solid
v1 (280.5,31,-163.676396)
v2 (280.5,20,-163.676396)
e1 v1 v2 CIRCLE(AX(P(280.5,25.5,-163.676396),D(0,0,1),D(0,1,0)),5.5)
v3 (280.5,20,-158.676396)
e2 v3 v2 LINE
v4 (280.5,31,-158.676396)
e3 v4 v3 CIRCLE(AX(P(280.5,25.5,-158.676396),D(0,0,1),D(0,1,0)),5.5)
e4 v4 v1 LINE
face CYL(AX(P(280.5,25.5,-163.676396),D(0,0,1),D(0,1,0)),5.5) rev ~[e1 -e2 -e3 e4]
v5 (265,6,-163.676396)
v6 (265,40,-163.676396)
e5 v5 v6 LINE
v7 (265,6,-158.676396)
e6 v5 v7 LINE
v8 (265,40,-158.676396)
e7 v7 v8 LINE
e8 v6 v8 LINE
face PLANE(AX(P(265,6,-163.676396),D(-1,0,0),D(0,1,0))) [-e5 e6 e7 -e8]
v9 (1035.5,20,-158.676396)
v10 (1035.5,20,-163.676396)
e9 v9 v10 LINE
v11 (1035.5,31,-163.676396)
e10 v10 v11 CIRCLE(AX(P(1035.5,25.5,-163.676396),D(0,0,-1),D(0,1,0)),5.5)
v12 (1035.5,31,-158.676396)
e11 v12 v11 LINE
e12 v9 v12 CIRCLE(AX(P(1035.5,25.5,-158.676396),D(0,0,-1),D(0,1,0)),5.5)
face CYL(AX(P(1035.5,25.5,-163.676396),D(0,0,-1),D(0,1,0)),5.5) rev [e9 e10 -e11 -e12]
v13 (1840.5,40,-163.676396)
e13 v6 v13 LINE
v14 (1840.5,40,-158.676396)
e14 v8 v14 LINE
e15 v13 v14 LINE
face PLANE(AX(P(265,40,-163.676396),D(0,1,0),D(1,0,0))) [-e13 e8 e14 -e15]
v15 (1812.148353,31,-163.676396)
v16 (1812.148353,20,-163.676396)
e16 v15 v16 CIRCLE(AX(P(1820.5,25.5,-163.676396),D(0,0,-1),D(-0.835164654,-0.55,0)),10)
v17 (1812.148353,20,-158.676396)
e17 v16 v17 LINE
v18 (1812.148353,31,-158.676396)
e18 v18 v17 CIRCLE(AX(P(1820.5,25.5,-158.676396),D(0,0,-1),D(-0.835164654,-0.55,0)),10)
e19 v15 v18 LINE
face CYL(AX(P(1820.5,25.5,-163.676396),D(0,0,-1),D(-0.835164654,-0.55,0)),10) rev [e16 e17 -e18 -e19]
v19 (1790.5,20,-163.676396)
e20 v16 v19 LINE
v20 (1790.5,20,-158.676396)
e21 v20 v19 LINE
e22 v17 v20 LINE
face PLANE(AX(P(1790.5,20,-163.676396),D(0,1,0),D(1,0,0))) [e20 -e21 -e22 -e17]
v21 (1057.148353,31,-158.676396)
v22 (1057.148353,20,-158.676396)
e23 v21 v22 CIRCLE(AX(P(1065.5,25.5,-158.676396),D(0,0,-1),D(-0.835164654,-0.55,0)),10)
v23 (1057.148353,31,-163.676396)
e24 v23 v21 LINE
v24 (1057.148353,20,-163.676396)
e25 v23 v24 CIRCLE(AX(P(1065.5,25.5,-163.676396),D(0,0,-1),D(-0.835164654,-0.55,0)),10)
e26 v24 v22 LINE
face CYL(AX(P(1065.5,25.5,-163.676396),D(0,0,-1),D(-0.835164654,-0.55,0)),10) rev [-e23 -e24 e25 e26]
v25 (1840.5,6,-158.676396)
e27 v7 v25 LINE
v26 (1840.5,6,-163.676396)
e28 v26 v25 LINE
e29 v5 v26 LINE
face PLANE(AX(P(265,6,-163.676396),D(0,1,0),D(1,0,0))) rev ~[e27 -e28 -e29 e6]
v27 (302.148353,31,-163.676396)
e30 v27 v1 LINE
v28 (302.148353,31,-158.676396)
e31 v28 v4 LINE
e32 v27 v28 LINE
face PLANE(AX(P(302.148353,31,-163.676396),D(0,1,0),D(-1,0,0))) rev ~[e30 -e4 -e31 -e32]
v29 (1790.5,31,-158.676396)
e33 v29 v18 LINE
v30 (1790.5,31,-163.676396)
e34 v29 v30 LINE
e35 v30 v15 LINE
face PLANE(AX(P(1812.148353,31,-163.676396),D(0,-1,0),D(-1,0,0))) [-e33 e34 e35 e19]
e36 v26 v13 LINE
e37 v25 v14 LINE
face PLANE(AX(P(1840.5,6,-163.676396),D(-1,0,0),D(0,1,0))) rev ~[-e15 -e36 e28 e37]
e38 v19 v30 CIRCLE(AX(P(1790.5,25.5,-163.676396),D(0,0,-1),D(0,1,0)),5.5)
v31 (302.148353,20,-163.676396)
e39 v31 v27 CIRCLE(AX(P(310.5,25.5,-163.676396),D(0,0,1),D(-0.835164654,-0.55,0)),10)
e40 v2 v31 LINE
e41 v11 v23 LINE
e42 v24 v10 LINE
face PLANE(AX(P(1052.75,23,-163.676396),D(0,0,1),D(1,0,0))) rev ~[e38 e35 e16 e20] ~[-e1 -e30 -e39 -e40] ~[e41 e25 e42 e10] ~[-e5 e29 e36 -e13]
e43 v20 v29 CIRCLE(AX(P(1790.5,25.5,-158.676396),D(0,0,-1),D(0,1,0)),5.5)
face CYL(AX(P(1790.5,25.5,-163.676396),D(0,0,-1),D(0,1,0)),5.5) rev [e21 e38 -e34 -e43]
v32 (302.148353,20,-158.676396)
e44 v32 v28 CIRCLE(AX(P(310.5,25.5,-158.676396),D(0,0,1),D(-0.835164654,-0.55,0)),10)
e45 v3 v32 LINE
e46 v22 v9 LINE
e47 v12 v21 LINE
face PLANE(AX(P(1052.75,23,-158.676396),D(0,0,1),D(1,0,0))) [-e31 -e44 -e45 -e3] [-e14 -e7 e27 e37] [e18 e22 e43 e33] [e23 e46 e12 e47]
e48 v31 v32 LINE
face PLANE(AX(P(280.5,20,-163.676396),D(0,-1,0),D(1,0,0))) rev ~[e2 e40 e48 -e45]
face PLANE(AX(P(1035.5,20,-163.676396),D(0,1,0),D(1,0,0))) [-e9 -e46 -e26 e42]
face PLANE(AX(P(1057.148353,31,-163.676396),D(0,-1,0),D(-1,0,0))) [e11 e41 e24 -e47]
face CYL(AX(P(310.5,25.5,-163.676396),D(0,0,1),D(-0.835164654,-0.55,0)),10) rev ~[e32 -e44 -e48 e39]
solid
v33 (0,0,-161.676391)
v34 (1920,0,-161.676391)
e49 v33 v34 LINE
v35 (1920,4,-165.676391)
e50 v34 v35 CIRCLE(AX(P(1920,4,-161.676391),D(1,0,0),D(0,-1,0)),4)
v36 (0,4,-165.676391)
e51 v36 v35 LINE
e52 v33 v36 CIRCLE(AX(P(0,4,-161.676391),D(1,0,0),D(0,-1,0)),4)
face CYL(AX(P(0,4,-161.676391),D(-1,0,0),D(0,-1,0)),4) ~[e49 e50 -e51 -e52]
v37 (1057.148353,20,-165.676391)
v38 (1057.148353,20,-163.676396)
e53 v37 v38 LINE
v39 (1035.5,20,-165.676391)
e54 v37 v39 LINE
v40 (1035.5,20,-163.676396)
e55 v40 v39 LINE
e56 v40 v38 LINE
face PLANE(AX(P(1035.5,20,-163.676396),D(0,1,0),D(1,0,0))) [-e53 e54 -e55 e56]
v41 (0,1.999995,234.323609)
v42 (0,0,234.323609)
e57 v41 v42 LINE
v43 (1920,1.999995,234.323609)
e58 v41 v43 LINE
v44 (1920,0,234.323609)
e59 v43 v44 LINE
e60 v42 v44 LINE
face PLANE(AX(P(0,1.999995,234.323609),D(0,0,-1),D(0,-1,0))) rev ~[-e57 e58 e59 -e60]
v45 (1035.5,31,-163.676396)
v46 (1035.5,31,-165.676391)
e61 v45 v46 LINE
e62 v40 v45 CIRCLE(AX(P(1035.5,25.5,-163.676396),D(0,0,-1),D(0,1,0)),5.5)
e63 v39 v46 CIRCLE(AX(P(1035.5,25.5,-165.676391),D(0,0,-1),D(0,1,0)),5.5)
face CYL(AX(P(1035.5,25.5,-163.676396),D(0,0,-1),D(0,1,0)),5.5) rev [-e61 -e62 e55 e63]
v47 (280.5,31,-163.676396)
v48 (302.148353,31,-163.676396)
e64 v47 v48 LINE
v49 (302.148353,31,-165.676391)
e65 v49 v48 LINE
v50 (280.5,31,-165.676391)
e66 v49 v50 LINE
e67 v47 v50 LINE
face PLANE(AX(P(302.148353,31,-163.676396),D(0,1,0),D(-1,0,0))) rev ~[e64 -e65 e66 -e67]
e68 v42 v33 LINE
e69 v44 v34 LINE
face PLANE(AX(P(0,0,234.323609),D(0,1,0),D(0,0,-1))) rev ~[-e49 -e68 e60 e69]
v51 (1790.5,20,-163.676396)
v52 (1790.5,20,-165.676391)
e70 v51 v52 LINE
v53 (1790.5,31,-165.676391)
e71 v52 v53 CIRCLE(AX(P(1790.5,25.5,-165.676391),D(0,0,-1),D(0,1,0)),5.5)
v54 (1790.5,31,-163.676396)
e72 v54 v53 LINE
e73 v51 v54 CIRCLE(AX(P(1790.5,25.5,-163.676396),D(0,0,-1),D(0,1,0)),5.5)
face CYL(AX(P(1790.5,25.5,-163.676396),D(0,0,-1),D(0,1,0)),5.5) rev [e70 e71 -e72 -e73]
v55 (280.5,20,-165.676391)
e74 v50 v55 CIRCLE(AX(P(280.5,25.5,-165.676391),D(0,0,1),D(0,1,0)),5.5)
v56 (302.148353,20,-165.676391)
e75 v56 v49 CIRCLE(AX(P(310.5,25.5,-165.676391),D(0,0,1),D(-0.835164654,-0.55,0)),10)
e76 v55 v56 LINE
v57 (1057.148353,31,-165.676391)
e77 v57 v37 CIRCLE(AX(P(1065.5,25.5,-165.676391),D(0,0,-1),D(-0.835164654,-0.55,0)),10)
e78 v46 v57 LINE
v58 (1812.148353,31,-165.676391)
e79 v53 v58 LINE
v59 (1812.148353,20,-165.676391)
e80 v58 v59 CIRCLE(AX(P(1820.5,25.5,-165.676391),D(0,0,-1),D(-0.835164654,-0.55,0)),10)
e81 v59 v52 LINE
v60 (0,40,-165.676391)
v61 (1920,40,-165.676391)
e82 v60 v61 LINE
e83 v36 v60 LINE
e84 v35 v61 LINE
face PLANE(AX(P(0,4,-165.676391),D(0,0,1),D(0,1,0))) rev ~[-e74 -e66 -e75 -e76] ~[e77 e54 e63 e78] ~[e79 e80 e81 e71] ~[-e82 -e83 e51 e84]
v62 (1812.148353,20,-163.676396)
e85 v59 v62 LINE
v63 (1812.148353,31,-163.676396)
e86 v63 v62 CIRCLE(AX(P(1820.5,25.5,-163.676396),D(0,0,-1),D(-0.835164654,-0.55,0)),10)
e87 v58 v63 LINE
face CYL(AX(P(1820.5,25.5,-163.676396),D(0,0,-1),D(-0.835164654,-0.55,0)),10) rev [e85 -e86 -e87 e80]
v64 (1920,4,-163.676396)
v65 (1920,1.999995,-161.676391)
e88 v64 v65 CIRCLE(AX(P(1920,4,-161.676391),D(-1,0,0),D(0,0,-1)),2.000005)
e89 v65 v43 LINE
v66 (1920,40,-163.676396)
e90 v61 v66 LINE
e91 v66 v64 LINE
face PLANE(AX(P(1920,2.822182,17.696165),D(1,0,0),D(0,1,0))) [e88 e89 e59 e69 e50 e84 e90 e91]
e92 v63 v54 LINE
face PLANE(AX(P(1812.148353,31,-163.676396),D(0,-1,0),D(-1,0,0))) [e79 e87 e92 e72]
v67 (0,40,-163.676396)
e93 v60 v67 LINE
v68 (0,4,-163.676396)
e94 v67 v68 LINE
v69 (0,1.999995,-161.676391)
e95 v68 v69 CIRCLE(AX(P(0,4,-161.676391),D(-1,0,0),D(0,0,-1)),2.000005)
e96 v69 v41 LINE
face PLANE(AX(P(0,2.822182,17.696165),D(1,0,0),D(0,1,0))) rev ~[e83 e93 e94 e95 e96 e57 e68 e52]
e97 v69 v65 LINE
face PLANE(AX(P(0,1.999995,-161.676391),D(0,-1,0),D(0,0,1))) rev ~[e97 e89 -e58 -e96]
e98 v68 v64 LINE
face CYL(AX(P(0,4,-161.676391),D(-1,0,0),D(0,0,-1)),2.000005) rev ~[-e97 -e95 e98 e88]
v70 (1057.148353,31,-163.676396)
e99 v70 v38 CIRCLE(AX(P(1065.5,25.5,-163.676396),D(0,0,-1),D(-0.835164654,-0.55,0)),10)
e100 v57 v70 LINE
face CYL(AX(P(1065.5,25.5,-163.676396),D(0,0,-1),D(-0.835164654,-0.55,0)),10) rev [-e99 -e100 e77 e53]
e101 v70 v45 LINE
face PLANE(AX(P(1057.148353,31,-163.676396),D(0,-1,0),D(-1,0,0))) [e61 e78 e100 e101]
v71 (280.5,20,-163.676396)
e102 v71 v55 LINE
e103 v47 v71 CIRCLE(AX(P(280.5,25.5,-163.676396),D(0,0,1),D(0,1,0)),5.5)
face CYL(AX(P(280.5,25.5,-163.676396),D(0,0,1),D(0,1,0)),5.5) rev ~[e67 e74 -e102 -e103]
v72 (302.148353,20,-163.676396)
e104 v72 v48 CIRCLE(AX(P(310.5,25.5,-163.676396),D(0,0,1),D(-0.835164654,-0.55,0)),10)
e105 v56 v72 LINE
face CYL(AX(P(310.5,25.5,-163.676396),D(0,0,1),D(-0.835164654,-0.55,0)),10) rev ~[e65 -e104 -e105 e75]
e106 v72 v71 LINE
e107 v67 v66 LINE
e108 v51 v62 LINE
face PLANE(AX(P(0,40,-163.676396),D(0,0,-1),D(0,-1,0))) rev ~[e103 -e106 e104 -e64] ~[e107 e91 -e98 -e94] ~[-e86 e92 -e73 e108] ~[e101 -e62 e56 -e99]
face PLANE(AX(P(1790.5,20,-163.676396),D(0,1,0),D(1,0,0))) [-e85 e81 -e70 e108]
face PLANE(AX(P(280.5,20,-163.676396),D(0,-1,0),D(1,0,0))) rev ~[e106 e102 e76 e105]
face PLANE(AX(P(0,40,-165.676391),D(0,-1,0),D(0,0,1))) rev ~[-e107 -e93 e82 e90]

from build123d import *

# Parameters (mm, degrees)
F1_DEPTH = 1920
F3_W     = 1575.5
F3_H     = 34
F4_DEPTH = 5
F5_DEPTH = 12.5
F6_DEPTH = 12.5


with BuildPart() as f1:
    # F0 (on Right) → F1 (new body)
    with BuildSketch(Plane.YZ):
        with BuildLine():
            Line((1.9999950999, 234.3236088878), (0, 234.3236088878))
            Line((0, 234.3236088878), (0, -161.6763911122))
            ThreePointArc((0, -161.6763911122), (1.1715728753, -164.5048182369), (4, -165.6763911122))
            Line((4, -165.6763911122), (40, -165.6763911122))
            Line((40, -165.6763911122), (40, -163.6763960123))
            Line((40, -163.6763960123), (4, -163.6763960123))
            ThreePointArc((4, -163.6763960123), (2.5857829727, -163.0906081395), (1.9999950999, -161.6763911122))
            Line((1.9999950999, -161.6763911122), (1.9999950999, 234.3236088878))
        make_face()
    extrude(amount=F1_DEPTH)


with BuildPart() as f4:
    # F3 (on face) → F4 (new body)
    with BuildSketch(Plane.XY.offset(-163.6763960123)):
        with Locations((1052.75, 23)):
            Rectangle(F3_W, F3_H)
    extrude(amount=F4_DEPTH)


with BuildPart() as f5_tool:
    # F2 (on face) → F5 (new body, symmetric)
    with BuildSketch(Plane.XY.offset(-163.6763960123)):
        with BuildLine():
            Line((1790.5, 20), (1812.1483534558, 20))
            ThreePointArc((1812.1483534558, 20), (1830.5, 25.5), (1812.1483534558, 31))
            Line((1812.1483534558, 31), (1790.5, 31))
            ThreePointArc((1790.5, 31), (1785, 25.5), (1790.5, 20))
        make_face()
        with BuildLine():
            Line((1035.5, 20), (1057.1483534558, 20))
            ThreePointArc((1057.1483534558, 20), (1075.5, 25.5), (1057.1483534558, 31))
            Line((1057.1483534558, 31), (1035.5, 31))
            ThreePointArc((1035.5, 31), (1030, 25.5), (1035.5, 20))
        make_face()
        with BuildLine():
            Line((280.5, 20), (302.1483534558, 20))
            ThreePointArc((302.1483534558, 20), (320.5, 25.5), (302.1483534558, 31))
            Line((302.1483534558, 31), (280.5, 31))
            ThreePointArc((280.5, 31), (275, 25.5), (280.5, 20))
        make_face()
    extrude(amount=F5_DEPTH, both=True)


with BuildPart() as f1_1:
    add(f1.part)

    # F5: cut by f5_tool
    add(f5_tool.part, mode=Mode.SUBTRACT)

    # F2 (on face) → F6 (cut, symmetric)
    with BuildSketch(Plane.XY.offset(-163.6763960123)):
        with BuildLine():
            Line((1790.5, 20), (1812.1483534558, 20))
            ThreePointArc((1812.1483534558, 20), (1830.5, 25.5), (1812.1483534558, 31))
            Line((1812.1483534558, 31), (1790.5, 31))
            ThreePointArc((1790.5, 31), (1785, 25.5), (1790.5, 20))
        make_face()
        with BuildLine():
            Line((1035.5, 20), (1057.1483534558, 20))
            ThreePointArc((1057.1483534558, 20), (1075.5, 25.5), (1057.1483534558, 31))
            Line((1057.1483534558, 31), (1035.5, 31))
            ThreePointArc((1035.5, 31), (1030, 25.5), (1035.5, 20))
        make_face()
        with BuildLine():
            Line((280.5, 20), (302.1483534558, 20))
            ThreePointArc((302.1483534558, 20), (320.5, 25.5), (302.1483534558, 31))
            Line((302.1483534558, 31), (280.5, 31))
            ThreePointArc((280.5, 31), (275, 25.5), (280.5, 20))
        make_face()
    extrude(amount=F6_DEPTH, both=True, mode=Mode.SUBTRACT)


with BuildPart() as f4_1:
    add(f4.part)

    # F5: cut by f5_tool
    add(f5_tool.part, mode=Mode.SUBTRACT)


solid = Compound([f1_1.part, f4_1.part])
